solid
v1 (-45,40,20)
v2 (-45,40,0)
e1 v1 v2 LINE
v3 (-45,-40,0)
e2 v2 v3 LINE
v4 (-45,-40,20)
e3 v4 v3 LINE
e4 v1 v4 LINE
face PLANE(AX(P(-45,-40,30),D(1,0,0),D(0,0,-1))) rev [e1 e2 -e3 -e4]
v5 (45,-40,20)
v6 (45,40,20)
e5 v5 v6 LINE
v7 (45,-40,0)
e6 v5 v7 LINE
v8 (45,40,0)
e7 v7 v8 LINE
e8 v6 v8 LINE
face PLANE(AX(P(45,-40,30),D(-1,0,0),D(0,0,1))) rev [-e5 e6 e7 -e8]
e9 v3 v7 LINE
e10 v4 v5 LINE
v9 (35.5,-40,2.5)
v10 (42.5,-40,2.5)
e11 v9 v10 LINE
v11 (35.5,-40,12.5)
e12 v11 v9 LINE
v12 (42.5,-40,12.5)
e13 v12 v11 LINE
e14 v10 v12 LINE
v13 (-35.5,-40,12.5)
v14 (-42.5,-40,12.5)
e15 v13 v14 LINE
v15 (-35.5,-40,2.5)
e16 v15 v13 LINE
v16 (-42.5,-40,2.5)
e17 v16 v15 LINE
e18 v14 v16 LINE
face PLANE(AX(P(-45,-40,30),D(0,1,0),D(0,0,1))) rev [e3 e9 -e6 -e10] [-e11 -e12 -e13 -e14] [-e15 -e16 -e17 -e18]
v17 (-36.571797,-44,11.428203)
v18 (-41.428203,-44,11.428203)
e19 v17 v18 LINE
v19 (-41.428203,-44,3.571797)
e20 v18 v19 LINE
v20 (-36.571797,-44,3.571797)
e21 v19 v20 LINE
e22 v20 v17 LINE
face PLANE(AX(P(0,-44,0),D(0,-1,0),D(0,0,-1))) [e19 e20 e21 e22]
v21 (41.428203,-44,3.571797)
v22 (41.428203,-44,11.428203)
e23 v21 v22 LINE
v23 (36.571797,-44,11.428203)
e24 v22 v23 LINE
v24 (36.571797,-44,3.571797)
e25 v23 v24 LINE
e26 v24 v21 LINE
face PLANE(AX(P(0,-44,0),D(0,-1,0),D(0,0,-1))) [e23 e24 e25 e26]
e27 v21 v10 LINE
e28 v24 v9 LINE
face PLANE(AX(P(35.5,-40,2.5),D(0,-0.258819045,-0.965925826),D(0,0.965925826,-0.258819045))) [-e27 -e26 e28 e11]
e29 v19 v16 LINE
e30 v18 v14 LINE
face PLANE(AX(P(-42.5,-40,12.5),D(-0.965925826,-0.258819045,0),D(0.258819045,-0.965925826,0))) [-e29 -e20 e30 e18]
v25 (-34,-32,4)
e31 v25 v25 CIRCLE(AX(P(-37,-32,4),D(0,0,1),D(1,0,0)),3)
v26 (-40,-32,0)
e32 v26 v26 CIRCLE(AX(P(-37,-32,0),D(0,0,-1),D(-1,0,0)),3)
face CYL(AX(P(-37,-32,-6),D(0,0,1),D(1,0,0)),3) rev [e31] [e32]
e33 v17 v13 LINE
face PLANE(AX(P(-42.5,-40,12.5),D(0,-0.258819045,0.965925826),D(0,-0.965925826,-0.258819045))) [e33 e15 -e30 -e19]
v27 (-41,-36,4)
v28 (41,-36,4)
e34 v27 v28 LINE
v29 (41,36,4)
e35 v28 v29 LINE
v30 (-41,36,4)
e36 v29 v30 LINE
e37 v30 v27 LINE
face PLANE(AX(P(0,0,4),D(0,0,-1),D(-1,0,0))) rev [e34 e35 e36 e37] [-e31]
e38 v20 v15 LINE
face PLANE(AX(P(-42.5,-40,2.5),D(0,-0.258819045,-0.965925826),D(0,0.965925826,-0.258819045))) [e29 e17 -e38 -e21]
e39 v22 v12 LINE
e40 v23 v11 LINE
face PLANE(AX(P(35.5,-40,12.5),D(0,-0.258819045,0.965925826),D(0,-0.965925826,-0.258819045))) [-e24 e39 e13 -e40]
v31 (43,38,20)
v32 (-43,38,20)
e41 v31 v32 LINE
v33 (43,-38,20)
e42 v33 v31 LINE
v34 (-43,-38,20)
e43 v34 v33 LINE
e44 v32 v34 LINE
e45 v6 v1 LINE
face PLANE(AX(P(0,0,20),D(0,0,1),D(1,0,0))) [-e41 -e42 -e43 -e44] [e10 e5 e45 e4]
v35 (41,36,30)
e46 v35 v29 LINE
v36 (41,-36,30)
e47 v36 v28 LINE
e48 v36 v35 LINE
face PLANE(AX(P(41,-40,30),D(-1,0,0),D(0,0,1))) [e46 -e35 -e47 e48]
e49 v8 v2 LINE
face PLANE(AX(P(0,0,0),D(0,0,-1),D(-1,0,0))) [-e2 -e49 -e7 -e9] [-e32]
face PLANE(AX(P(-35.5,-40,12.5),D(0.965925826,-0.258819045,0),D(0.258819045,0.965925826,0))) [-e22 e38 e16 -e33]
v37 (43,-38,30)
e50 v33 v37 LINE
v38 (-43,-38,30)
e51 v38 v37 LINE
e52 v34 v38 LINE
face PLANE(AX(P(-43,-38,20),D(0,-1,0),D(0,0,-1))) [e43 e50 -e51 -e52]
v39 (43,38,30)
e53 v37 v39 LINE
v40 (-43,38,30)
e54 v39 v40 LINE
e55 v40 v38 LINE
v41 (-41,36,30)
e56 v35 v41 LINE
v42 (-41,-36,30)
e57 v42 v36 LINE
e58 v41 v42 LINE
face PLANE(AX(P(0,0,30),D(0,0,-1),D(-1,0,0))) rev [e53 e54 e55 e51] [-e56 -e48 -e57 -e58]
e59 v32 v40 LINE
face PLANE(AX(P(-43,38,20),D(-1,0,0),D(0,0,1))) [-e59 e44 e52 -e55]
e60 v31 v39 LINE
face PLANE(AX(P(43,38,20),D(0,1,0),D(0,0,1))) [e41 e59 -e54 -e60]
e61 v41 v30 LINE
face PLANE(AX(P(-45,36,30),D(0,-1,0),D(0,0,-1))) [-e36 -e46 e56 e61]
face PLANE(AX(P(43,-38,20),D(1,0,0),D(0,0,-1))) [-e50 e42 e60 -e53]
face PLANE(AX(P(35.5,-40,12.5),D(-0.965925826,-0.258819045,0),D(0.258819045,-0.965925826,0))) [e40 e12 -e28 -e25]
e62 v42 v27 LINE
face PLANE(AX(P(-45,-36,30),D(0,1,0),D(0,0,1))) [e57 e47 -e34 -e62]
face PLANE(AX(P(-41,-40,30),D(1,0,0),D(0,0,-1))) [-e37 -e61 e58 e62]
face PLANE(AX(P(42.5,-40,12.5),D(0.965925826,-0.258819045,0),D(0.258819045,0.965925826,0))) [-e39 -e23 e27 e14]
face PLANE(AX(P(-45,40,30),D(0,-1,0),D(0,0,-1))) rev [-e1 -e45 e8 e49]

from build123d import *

# Parameters (mm, degrees)
SKETCH1_W                     = 90
SKETCH1_H                     = 80
BOSS_EXTRUDE1_DEPTH           = 30
SHELL1_T                      = -4
SKETCH4_W                     = 7
SKETCH4_H                     = 10
BOSS_EXTRUDE2_DEPTH           = 4
BOSS_EXTRUDE2_DRAFT           = 15
BOSS_EXTRUDE2_PROFILE_2_DEPTH = 4
BOSS_EXTRUDE2_PROFILE_2_DRAFT = 15
SKETCH6_R                     = 3
CUT_EXTRUDE3_DEPTH            = 10
SKETCH8_W                     = 90
SKETCH8_H                     = 80
SKETCH8_W_2                   = 86
SKETCH8_H_2                   = 76
CUT_EXTRUDE4_DEPTH            = 10


with BuildPart() as part:
    # Sketch1 → Boss-Extrude1 (new body)
    with BuildSketch(Plane.XY):
        Rectangle(SKETCH1_W, SKETCH1_H)
    extrude(amount=BOSS_EXTRUDE1_DEPTH)

    # Shell1
    shell1_openings = [part.faces().sort_by_distance(p)[0] for p in [
        (0, 0, 30),
    ]]
    offset(amount=SHELL1_T, openings=shell1_openings, kind=Kind.INTERSECTION)


with BuildPart() as boss_extrude2_tool:
    # Sketch4 → Boss-Extrude2 (with draft: the straight prism first)
    with BuildSketch(Plane.XZ.offset(40)):
        with Locations((-39, 7.5)):
            Rectangle(SKETCH4_W, SKETCH4_H)
    extrude(amount=BOSS_EXTRUDE2_DEPTH)
    # Boss-Extrude2: the draft: its side faces are tilted about the plane it starts from
    boss_extrude2_sides = [boss_extrude2_tool.faces().sort_by_distance(p)[0] for p in [
        (-42.5, -42, 7.5),
        (-39, -42, 2.5),
        (-35.5, -42, 7.5),
        (-39, -42, 12.5),
    ]]
    draft(boss_extrude2_sides, Plane.XZ.offset(40), BOSS_EXTRUDE2_DRAFT)


with BuildPart() as part_1:
    add(part.part)

    # Boss-Extrude2: add boss_extrude2_tool
    add(boss_extrude2_tool.part)


with BuildPart() as boss_extrude2_profile_2_tool:
    # Sketch4 → Boss-Extrude2 profile 2 (with draft: the straight prism first)
    with BuildSketch(Plane.XZ.offset(40)):
        with Locations((39, 7.5)):
            Rectangle(SKETCH4_W, SKETCH4_H)
    extrude(amount=BOSS_EXTRUDE2_PROFILE_2_DEPTH)
    # Boss-Extrude2 profile 2: the draft: its side faces are tilted about the plane it starts from
    boss_extrude2_profile_2_sides = [boss_extrude2_profile_2_tool.faces().sort_by_distance(p)[0] for p in [
        (35.5, -42, 7.5),
        (39, -42, 2.5),
        (42.5, -42, 7.5),
        (39, -42, 12.5),
    ]]
    draft(boss_extrude2_profile_2_sides, Plane.XZ.offset(40), BOSS_EXTRUDE2_PROFILE_2_DRAFT)


with BuildPart() as part_2:
    add(part_1.part)

    # Boss-Extrude2 profile 2: add boss_extrude2_profile_2_tool
    add(boss_extrude2_profile_2_tool.part)

    # Sketch6 → Cut-Extrude3 (cut)
    with BuildSketch(Plane.XY.offset(4)):
        with Locations((-37, -32)):
            Circle(SKETCH6_R)
    extrude(amount=-CUT_EXTRUDE3_DEPTH, mode=Mode.SUBTRACT)

    # Sketch8 → Cut-Extrude4 (cut)
    with BuildSketch(Plane.XY.offset(30)):
        Rectangle(SKETCH8_W, SKETCH8_H)
        Rectangle(SKETCH8_W_2, SKETCH8_H_2, mode=Mode.SUBTRACT)
    extrude(amount=-CUT_EXTRUDE4_DEPTH, mode=Mode.SUBTRACT)


solid = part_2.part
